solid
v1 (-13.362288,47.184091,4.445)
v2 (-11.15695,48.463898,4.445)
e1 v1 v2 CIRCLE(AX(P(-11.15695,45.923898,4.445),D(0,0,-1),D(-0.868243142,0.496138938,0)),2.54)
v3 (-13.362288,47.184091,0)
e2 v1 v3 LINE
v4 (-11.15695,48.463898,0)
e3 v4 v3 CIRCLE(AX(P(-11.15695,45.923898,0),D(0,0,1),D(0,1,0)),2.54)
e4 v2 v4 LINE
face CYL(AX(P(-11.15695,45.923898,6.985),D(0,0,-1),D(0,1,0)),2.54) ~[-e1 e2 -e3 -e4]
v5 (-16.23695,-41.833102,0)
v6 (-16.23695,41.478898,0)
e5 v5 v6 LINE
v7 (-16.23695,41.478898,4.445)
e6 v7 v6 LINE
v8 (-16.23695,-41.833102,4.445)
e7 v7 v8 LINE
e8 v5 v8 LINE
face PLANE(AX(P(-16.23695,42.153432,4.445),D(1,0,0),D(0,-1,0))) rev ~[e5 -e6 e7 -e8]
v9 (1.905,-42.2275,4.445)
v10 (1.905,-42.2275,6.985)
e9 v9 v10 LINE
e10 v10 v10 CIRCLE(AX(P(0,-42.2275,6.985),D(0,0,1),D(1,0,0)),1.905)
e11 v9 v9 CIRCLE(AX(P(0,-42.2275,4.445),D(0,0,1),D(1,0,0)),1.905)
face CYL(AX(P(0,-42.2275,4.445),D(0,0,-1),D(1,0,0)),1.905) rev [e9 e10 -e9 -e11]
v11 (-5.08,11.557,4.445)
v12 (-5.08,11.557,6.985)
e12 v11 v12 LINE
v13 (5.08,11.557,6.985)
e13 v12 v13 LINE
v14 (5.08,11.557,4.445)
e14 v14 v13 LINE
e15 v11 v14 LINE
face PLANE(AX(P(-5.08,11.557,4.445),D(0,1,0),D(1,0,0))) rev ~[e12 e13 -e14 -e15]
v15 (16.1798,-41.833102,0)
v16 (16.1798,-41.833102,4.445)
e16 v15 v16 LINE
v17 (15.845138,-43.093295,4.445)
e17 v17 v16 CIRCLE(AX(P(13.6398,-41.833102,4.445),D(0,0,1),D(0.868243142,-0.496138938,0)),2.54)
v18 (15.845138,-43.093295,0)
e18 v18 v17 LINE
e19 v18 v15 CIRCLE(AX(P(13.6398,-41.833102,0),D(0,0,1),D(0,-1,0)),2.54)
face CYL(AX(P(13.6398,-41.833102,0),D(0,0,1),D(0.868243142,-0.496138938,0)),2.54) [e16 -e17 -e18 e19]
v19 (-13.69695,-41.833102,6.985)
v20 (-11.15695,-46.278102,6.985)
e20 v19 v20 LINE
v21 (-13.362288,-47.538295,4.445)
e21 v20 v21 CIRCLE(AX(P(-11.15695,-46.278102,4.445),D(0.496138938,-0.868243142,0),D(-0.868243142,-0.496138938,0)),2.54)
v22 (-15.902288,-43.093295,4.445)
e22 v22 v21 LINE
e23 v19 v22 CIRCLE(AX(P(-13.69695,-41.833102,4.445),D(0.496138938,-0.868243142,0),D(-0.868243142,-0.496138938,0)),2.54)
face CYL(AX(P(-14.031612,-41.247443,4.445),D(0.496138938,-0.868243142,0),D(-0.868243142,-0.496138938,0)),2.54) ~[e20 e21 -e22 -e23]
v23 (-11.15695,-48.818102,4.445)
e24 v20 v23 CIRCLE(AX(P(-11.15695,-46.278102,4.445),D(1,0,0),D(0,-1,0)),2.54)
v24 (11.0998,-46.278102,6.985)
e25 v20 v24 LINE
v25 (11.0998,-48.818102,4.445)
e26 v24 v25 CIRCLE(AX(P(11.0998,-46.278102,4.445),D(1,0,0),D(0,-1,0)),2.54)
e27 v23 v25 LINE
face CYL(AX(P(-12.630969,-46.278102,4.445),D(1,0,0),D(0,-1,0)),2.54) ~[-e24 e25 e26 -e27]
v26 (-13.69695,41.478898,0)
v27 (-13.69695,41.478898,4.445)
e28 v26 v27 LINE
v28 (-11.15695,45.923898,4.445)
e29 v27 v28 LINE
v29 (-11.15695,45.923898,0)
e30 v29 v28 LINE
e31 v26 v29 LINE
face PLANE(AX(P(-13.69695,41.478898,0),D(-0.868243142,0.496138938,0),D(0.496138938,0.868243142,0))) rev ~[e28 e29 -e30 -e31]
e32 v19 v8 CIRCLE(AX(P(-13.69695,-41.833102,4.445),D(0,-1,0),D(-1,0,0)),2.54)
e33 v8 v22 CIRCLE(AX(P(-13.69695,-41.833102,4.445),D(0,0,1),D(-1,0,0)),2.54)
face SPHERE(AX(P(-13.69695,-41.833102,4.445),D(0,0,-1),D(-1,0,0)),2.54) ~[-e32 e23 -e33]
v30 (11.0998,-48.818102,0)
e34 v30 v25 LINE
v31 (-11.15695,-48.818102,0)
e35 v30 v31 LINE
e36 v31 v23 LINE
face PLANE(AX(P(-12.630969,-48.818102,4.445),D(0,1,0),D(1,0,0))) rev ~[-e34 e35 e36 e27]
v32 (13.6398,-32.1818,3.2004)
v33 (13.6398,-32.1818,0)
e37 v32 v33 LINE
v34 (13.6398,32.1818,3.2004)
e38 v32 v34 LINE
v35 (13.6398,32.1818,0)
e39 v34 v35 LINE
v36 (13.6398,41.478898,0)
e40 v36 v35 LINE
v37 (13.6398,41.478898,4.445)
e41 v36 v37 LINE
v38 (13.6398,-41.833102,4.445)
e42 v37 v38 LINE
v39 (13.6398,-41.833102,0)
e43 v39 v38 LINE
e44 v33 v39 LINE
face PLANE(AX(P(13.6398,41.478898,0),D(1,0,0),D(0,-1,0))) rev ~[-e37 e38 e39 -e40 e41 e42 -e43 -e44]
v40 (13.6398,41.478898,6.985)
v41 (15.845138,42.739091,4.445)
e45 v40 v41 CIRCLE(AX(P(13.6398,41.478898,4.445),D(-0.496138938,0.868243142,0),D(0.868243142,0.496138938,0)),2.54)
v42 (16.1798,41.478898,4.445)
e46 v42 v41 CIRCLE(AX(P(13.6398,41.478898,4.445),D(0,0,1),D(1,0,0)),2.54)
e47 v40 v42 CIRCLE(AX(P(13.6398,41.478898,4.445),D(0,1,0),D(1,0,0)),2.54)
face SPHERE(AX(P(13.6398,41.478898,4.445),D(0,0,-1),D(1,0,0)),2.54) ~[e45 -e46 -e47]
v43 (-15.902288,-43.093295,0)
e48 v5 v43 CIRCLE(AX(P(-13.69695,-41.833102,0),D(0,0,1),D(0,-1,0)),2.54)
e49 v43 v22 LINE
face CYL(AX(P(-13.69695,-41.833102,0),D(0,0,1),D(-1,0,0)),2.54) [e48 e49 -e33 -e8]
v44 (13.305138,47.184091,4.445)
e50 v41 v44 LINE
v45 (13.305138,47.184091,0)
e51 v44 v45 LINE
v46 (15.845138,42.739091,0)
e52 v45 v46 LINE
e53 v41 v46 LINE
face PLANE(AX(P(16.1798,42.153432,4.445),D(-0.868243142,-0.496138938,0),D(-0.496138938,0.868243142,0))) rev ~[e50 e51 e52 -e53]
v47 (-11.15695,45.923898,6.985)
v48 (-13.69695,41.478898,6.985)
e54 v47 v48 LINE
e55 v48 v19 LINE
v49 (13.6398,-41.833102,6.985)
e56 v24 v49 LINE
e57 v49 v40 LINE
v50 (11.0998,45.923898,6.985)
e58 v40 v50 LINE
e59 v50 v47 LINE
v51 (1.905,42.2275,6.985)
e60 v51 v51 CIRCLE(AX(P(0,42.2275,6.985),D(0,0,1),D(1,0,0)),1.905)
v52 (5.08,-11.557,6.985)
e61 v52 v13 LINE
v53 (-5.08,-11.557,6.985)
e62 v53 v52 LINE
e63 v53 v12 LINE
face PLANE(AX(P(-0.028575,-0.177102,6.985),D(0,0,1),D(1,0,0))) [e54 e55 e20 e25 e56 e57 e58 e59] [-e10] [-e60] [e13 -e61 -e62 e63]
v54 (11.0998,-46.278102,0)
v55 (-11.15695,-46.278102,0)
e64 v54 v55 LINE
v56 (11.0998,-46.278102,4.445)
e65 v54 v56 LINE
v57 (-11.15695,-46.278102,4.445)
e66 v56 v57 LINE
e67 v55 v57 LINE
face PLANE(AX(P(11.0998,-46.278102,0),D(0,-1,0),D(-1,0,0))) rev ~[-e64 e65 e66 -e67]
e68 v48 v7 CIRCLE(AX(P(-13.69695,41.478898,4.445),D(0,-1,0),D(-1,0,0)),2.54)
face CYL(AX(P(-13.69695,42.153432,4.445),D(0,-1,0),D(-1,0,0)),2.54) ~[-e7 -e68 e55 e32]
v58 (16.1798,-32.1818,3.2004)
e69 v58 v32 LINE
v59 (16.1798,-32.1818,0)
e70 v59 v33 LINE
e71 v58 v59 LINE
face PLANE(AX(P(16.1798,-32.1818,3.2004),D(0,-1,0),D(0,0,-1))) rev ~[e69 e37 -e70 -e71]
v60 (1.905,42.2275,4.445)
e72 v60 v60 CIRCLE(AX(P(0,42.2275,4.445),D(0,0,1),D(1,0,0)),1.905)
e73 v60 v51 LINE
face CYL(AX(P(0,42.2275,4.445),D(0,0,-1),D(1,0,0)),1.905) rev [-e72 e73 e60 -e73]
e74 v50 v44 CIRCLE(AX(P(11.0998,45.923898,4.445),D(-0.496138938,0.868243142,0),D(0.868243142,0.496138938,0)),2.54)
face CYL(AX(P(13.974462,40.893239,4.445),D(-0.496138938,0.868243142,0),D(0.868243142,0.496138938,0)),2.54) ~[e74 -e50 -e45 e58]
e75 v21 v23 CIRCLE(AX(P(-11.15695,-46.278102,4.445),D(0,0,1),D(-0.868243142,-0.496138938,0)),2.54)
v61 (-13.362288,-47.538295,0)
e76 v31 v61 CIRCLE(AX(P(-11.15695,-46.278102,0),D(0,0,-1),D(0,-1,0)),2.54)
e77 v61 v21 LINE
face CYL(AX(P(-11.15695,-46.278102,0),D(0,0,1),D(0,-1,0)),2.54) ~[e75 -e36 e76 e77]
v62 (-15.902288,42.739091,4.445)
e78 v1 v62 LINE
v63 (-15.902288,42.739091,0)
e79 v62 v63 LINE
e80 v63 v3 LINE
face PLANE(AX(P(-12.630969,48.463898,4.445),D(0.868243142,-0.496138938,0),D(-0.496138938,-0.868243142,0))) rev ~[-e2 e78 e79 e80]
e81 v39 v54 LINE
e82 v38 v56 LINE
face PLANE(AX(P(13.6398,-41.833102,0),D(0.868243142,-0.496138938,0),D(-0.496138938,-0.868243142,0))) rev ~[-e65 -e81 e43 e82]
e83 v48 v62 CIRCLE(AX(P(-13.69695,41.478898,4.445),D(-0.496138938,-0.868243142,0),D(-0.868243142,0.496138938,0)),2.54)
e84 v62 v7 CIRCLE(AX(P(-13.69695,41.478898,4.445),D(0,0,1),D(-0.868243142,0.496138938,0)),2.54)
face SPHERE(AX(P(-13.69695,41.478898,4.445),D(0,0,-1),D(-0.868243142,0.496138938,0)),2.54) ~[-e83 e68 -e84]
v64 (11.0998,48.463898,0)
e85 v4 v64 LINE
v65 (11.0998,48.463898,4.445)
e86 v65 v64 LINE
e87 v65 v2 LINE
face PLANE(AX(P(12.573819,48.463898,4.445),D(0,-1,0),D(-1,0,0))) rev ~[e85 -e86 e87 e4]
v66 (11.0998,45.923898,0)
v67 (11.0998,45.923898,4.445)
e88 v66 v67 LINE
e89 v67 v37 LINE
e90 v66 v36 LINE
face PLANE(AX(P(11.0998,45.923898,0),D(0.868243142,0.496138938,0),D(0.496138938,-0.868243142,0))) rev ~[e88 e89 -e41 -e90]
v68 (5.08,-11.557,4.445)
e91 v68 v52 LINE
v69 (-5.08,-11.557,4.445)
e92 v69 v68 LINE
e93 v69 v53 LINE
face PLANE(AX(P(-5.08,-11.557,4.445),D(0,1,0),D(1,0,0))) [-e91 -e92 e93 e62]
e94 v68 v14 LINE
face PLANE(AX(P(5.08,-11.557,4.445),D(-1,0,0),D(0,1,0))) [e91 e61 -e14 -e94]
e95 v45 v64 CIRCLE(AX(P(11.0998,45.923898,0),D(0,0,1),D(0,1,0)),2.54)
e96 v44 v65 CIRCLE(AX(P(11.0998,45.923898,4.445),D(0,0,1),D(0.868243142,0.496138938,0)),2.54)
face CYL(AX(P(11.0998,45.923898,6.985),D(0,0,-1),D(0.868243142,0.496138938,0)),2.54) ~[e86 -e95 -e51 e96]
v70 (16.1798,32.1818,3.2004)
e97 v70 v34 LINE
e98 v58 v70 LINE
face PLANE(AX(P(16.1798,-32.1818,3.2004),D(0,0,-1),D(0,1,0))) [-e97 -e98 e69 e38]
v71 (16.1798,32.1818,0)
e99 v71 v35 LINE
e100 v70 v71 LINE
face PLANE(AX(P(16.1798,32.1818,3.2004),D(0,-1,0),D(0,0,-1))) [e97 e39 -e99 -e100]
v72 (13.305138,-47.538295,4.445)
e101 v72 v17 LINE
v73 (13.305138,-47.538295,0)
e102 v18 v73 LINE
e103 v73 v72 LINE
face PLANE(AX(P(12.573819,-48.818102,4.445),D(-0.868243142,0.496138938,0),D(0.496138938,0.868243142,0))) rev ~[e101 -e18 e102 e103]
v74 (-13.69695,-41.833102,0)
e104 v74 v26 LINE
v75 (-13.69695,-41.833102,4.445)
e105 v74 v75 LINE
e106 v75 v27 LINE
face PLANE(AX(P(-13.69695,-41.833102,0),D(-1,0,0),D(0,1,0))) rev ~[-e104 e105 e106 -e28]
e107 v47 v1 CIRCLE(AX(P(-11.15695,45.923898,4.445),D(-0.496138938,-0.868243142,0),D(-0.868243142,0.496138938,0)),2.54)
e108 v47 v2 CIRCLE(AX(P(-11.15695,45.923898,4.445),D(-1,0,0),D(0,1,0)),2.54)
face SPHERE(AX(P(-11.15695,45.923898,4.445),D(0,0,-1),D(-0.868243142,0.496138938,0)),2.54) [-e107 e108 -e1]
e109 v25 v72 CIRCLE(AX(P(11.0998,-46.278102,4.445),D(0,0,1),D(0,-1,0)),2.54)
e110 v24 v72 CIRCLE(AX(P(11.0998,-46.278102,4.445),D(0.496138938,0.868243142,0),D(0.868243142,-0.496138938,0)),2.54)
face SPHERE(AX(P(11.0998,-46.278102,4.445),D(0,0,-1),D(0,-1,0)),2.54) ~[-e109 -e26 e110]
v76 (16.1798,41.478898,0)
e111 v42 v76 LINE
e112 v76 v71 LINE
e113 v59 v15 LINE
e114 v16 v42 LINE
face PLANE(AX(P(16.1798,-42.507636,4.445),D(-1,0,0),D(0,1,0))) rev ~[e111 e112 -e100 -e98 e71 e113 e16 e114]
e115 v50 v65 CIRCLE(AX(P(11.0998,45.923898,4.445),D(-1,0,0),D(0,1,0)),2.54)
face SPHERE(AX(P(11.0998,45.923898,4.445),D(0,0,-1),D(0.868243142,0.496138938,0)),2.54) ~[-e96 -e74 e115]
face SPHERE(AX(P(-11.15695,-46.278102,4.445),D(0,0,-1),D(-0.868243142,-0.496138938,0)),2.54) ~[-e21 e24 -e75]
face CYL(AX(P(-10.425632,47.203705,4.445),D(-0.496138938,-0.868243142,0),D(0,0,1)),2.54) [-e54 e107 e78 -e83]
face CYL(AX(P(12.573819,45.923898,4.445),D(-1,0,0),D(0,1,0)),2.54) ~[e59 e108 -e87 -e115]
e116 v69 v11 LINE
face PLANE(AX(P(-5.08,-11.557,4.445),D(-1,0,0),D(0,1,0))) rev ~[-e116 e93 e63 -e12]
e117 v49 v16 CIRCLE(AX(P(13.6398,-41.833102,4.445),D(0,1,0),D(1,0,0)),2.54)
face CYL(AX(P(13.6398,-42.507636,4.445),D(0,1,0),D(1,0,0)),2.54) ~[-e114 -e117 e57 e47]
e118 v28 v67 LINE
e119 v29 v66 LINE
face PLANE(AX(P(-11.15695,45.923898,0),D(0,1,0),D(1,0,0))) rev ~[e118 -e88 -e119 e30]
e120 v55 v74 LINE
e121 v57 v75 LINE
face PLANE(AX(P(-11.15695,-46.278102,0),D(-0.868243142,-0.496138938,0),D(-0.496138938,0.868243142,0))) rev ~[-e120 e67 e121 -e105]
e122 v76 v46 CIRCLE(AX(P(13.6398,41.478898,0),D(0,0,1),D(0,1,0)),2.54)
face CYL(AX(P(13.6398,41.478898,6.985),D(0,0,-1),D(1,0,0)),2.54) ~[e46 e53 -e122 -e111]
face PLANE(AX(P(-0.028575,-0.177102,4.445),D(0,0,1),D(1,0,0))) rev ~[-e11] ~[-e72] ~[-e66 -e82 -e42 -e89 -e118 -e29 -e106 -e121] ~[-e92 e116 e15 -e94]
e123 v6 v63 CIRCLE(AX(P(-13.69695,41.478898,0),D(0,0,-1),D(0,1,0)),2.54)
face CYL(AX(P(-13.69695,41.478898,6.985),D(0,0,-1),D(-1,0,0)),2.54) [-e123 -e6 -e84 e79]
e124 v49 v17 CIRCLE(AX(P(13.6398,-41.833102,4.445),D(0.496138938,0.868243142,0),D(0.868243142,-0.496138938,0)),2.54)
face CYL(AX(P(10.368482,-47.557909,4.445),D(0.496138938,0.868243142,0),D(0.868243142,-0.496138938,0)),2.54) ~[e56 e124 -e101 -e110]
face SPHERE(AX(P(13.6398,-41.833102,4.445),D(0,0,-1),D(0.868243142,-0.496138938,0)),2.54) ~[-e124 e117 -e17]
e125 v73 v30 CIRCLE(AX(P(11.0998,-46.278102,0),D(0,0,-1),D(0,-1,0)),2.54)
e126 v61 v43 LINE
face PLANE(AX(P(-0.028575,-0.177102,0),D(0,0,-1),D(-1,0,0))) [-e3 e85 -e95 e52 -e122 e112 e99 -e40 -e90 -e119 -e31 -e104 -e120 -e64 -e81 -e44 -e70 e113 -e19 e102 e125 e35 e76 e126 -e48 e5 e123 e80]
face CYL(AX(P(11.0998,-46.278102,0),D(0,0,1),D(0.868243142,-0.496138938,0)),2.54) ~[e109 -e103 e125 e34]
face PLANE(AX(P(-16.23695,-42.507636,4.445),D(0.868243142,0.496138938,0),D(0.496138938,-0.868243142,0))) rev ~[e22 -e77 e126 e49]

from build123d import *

# Parameters (mm, degrees)
BOSS_EXTRUDE1_DEPTH = 4.445
SKETCH2_R           = 1.905
SKETCH2_W           = 10.16
SKETCH2_H           = 23.114
BOSS_EXTRUDE2_DEPTH = 2.54
FILLET1_R           = 2.54
SKETCH3_W           = 6.4008
SKETCH3_H           = 64.3636
CUT_EXTRUDE1_DEPTH  = 2.54


with BuildPart() as part:
    # Sketch1 → Boss-Extrude1 (new body)
    with BuildSketch(Plane.XY):
        Polygon((-16.23695, 42.153431645), (-12.63096924, 48.463897975), (12.57381924, 48.463897975), (16.1798, 42.153431645), (16.1798, -42.507635695), (12.57381924, -48.818102025), (-12.63096924, -48.818102025), (-16.23695, -42.507635695), align=None)
        Polygon((-13.69695, 41.478897975), (-11.15695, 45.923897975), (11.0998, 45.923897975), (13.6398, 41.478897975), (13.6398, -41.833102025), (11.0998, -46.278102025), (-11.15695, -46.278102025), (-13.69695, -41.833102025), align=None, mode=Mode.SUBTRACT)
    extrude(amount=BOSS_EXTRUDE1_DEPTH)

    # Sketch2 → Boss-Extrude2 (add)
    with BuildSketch(Plane.XY.offset(4.445)):
        Polygon((-16.23695, 42.153431645), (-16.23695, -42.507635695), (-12.63096924, -48.818102025), (12.57381924, -48.818102025), (16.1798, -42.507635695), (16.1798, 42.153431645), (12.57381924, 48.463897975), (-12.63096924, 48.463897975), align=None)
        with Locations((0, 42.2275)):
            Circle(SKETCH2_R, mode=Mode.SUBTRACT)
        with Locations((0, -42.2275)):
            Circle(SKETCH2_R, mode=Mode.SUBTRACT)
        Rectangle(SKETCH2_W, SKETCH2_H, mode=Mode.SUBTRACT)
    extrude(amount=BOSS_EXTRUDE2_DEPTH)

    # Fillet1
    fillet1_edges = [part.edges().sort_by_distance(p)[0] for p in [
        (-16.23695, 42.153431645, 3.4925),
        (-12.63096924, 48.463897975, 3.4925),
        (12.57381924, 48.463897975, 3.4925),
        (16.1798, 42.153431645, 3.4925),
        (16.1798, -42.507635695, 3.4925),
        (12.57381924, -48.818102025, 3.4925),
        (-12.63096924, -48.818102025, 3.4925),
        (-16.23695, -42.507635695, 3.4925),
        (-14.43395962, 45.30866481, 6.985),
        (-16.23695, -0.177102025, 6.985),
        (-14.43395962, -45.66286886, 6.985),
        (-0.028575, -48.818102025, 6.985),
        (14.37680962, -45.66286886, 6.985),
        (16.1798, -0.177102025, 6.985),
        (14.37680962, 45.30866481, 6.985),
        (-0.028575, 48.463897975, 6.985),
    ]]
    fillet(fillet1_edges, radius=FILLET1_R)

    # Sketch3 → Cut-Extrude1 (cut)
    with BuildSketch(Plane(origin=(16.1798, 0, 0), x_dir=(0, 0, -1), z_dir=(1, 0, 0))):
        Rectangle(SKETCH3_W, SKETCH3_H)
    extrude(amount=-CUT_EXTRUDE1_DEPTH, mode=Mode.SUBTRACT)


solid = part.part
